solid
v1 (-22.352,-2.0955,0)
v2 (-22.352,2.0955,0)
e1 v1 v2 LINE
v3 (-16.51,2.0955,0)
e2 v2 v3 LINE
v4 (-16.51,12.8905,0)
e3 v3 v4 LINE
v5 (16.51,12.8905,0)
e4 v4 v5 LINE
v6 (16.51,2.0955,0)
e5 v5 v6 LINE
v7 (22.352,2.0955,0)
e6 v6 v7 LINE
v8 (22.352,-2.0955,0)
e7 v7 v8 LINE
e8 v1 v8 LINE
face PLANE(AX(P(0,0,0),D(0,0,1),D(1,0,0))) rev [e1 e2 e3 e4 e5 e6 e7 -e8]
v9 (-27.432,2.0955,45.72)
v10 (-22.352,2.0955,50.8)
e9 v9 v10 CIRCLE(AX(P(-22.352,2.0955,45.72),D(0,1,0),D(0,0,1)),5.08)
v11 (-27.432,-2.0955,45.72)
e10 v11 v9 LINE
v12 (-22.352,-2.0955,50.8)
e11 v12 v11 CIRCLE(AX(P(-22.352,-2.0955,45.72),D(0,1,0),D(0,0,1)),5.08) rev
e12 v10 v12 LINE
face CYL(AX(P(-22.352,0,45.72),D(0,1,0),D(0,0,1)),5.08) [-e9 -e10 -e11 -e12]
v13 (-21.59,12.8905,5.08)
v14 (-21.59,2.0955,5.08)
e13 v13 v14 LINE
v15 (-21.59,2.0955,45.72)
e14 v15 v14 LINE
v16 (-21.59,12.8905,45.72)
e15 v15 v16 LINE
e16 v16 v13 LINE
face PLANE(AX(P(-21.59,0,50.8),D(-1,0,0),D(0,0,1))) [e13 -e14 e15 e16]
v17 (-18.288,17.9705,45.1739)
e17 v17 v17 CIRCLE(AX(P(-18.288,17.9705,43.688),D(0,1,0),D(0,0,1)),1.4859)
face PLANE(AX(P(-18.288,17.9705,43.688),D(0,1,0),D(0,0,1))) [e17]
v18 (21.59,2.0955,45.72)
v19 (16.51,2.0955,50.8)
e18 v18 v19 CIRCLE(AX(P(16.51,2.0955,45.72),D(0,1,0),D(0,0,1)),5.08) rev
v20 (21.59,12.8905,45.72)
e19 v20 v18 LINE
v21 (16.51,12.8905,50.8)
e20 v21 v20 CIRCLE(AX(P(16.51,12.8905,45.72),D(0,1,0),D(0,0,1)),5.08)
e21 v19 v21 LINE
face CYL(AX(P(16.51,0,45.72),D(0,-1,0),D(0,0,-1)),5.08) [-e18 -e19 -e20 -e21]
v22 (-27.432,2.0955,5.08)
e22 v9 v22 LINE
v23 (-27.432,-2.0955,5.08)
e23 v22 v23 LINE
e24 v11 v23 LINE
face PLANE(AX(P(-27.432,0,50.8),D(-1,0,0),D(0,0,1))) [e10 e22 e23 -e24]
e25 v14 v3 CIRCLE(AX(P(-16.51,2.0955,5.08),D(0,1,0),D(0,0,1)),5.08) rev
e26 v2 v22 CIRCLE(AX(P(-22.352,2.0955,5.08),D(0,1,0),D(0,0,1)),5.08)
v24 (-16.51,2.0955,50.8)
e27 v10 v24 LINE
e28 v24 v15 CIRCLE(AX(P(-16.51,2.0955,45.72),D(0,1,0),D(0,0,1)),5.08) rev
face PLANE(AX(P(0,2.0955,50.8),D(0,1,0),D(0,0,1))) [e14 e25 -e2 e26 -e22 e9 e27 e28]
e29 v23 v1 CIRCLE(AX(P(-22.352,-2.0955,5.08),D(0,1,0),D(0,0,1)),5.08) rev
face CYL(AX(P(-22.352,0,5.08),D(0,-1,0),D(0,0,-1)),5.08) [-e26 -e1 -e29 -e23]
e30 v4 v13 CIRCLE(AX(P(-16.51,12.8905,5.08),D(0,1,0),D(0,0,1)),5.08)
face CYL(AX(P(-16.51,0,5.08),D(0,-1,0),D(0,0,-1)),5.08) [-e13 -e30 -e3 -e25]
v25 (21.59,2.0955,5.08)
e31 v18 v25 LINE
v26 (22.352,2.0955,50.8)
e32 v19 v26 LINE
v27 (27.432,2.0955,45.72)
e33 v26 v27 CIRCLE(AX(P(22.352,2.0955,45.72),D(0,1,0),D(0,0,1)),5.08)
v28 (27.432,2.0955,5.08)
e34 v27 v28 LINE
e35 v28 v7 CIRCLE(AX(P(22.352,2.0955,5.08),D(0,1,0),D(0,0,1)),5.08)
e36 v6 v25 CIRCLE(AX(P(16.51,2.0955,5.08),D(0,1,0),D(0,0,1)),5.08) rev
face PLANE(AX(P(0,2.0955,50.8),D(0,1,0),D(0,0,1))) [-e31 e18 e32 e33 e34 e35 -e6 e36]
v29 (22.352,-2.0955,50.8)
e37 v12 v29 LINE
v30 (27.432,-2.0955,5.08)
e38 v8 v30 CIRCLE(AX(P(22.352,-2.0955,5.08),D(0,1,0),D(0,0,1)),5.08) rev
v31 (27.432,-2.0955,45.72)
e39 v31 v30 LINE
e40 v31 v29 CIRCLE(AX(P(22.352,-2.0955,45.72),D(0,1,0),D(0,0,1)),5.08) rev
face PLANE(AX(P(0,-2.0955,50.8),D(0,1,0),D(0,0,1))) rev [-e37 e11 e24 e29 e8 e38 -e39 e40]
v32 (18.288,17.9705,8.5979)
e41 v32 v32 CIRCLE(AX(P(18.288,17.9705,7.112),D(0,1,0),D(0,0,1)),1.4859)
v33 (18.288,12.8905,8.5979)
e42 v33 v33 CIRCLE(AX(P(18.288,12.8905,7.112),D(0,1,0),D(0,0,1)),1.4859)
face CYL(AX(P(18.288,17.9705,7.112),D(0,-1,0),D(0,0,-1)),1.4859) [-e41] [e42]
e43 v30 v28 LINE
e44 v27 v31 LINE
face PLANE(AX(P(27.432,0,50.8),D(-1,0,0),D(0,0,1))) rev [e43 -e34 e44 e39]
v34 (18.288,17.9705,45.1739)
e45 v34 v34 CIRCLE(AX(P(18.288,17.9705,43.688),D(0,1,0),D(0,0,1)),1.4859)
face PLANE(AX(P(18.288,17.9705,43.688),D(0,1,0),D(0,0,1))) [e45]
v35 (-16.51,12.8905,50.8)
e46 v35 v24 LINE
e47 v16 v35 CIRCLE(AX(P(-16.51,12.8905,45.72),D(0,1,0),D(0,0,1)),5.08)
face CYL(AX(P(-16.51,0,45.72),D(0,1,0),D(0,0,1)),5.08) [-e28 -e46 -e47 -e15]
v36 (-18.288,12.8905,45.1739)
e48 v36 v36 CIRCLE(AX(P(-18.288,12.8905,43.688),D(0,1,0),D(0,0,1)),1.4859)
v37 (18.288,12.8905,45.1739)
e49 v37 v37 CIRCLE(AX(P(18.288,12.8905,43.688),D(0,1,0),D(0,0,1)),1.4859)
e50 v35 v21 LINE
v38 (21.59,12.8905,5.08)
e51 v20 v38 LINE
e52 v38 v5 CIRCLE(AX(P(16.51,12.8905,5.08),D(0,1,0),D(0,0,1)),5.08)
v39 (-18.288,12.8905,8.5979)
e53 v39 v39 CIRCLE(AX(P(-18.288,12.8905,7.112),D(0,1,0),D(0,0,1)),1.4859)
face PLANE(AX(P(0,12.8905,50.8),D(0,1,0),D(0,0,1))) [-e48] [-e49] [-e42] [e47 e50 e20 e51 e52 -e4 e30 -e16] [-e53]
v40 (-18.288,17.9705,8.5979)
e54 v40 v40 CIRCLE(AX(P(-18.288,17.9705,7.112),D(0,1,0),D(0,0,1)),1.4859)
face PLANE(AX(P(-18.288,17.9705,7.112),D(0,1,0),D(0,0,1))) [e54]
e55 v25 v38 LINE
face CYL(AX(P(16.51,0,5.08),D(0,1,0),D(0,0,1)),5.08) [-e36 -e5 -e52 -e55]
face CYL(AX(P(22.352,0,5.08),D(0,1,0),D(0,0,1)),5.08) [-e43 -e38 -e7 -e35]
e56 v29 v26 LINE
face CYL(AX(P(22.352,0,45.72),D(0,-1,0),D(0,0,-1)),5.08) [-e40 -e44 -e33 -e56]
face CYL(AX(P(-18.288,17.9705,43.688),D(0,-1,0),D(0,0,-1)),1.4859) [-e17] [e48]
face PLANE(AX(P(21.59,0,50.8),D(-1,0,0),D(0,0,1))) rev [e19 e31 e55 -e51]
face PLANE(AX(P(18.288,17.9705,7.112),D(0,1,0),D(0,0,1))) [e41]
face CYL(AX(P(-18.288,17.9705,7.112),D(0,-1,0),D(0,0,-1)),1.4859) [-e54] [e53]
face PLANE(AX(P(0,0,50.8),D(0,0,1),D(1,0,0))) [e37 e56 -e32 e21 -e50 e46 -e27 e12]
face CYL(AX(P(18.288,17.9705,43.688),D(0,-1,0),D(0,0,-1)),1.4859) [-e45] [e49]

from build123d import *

# Parameters (mm, degrees)
SKETCH1_W           = 43.18
SKETCH1_H           = 7.62
SKETCH1_H_2         = 3.175
SKETCH1_W_2         = 54.864
SKETCH1_H_3         = 4.191
BOSS_EXTRUDE1_DEPTH = 50.8
SKETCH2_R           = 1.4859
BOSS_EXTRUDE2_DEPTH = 5.08
FILLET1_R           = 5.08
FILLET2_R           = 5.08


with BuildPart() as part:
    # Sketch1 → Boss-Extrude1 (new body)
    with BuildSketch(Plane.XY):
        with Locations((0, 9.0805)):
            Rectangle(SKETCH1_W, SKETCH1_H)
        with Locations((0, 3.683)):
            Rectangle(SKETCH1_W, SKETCH1_H_2)
        Rectangle(SKETCH1_W_2, SKETCH1_H_3)
    extrude(amount=BOSS_EXTRUDE1_DEPTH)

    # Sketch2 → Boss-Extrude2 (add)
    with BuildSketch(Plane(origin=(0, 12.8905, 0), x_dir=(1, 0, 0), z_dir=(0, 1, 0))):
        with Locations((-18.288, -7.112)):
            Circle(SKETCH2_R)
        with Locations((18.288, -7.112)):
            Circle(SKETCH2_R)
        with Locations((18.288, -43.688)):
            Circle(SKETCH2_R)
        with Locations((-18.288, -43.688)):
            Circle(SKETCH2_R)
    extrude(amount=BOSS_EXTRUDE2_DEPTH)

    # Fillet1
    fillet1_edges = [part.edges().sort_by_distance(p)[0] for p in [
        (21.59, 7.493, 0),
        (-21.59, 7.493, 0),
        (21.59, 7.493, 50.8),
        (-21.59, 7.493, 50.8),
    ]]
    fillet(fillet1_edges, radius=FILLET1_R)

    # Fillet2
    fillet2_edges = [part.edges().sort_by_distance(p)[0] for p in [
        (27.432, 0, 0),
        (-27.432, 0, 0),
        (-27.432, 0, 50.8),
        (27.432, 0, 50.8),
    ]]
    fillet(fillet2_edges, radius=FILLET2_R)


solid = part.part
